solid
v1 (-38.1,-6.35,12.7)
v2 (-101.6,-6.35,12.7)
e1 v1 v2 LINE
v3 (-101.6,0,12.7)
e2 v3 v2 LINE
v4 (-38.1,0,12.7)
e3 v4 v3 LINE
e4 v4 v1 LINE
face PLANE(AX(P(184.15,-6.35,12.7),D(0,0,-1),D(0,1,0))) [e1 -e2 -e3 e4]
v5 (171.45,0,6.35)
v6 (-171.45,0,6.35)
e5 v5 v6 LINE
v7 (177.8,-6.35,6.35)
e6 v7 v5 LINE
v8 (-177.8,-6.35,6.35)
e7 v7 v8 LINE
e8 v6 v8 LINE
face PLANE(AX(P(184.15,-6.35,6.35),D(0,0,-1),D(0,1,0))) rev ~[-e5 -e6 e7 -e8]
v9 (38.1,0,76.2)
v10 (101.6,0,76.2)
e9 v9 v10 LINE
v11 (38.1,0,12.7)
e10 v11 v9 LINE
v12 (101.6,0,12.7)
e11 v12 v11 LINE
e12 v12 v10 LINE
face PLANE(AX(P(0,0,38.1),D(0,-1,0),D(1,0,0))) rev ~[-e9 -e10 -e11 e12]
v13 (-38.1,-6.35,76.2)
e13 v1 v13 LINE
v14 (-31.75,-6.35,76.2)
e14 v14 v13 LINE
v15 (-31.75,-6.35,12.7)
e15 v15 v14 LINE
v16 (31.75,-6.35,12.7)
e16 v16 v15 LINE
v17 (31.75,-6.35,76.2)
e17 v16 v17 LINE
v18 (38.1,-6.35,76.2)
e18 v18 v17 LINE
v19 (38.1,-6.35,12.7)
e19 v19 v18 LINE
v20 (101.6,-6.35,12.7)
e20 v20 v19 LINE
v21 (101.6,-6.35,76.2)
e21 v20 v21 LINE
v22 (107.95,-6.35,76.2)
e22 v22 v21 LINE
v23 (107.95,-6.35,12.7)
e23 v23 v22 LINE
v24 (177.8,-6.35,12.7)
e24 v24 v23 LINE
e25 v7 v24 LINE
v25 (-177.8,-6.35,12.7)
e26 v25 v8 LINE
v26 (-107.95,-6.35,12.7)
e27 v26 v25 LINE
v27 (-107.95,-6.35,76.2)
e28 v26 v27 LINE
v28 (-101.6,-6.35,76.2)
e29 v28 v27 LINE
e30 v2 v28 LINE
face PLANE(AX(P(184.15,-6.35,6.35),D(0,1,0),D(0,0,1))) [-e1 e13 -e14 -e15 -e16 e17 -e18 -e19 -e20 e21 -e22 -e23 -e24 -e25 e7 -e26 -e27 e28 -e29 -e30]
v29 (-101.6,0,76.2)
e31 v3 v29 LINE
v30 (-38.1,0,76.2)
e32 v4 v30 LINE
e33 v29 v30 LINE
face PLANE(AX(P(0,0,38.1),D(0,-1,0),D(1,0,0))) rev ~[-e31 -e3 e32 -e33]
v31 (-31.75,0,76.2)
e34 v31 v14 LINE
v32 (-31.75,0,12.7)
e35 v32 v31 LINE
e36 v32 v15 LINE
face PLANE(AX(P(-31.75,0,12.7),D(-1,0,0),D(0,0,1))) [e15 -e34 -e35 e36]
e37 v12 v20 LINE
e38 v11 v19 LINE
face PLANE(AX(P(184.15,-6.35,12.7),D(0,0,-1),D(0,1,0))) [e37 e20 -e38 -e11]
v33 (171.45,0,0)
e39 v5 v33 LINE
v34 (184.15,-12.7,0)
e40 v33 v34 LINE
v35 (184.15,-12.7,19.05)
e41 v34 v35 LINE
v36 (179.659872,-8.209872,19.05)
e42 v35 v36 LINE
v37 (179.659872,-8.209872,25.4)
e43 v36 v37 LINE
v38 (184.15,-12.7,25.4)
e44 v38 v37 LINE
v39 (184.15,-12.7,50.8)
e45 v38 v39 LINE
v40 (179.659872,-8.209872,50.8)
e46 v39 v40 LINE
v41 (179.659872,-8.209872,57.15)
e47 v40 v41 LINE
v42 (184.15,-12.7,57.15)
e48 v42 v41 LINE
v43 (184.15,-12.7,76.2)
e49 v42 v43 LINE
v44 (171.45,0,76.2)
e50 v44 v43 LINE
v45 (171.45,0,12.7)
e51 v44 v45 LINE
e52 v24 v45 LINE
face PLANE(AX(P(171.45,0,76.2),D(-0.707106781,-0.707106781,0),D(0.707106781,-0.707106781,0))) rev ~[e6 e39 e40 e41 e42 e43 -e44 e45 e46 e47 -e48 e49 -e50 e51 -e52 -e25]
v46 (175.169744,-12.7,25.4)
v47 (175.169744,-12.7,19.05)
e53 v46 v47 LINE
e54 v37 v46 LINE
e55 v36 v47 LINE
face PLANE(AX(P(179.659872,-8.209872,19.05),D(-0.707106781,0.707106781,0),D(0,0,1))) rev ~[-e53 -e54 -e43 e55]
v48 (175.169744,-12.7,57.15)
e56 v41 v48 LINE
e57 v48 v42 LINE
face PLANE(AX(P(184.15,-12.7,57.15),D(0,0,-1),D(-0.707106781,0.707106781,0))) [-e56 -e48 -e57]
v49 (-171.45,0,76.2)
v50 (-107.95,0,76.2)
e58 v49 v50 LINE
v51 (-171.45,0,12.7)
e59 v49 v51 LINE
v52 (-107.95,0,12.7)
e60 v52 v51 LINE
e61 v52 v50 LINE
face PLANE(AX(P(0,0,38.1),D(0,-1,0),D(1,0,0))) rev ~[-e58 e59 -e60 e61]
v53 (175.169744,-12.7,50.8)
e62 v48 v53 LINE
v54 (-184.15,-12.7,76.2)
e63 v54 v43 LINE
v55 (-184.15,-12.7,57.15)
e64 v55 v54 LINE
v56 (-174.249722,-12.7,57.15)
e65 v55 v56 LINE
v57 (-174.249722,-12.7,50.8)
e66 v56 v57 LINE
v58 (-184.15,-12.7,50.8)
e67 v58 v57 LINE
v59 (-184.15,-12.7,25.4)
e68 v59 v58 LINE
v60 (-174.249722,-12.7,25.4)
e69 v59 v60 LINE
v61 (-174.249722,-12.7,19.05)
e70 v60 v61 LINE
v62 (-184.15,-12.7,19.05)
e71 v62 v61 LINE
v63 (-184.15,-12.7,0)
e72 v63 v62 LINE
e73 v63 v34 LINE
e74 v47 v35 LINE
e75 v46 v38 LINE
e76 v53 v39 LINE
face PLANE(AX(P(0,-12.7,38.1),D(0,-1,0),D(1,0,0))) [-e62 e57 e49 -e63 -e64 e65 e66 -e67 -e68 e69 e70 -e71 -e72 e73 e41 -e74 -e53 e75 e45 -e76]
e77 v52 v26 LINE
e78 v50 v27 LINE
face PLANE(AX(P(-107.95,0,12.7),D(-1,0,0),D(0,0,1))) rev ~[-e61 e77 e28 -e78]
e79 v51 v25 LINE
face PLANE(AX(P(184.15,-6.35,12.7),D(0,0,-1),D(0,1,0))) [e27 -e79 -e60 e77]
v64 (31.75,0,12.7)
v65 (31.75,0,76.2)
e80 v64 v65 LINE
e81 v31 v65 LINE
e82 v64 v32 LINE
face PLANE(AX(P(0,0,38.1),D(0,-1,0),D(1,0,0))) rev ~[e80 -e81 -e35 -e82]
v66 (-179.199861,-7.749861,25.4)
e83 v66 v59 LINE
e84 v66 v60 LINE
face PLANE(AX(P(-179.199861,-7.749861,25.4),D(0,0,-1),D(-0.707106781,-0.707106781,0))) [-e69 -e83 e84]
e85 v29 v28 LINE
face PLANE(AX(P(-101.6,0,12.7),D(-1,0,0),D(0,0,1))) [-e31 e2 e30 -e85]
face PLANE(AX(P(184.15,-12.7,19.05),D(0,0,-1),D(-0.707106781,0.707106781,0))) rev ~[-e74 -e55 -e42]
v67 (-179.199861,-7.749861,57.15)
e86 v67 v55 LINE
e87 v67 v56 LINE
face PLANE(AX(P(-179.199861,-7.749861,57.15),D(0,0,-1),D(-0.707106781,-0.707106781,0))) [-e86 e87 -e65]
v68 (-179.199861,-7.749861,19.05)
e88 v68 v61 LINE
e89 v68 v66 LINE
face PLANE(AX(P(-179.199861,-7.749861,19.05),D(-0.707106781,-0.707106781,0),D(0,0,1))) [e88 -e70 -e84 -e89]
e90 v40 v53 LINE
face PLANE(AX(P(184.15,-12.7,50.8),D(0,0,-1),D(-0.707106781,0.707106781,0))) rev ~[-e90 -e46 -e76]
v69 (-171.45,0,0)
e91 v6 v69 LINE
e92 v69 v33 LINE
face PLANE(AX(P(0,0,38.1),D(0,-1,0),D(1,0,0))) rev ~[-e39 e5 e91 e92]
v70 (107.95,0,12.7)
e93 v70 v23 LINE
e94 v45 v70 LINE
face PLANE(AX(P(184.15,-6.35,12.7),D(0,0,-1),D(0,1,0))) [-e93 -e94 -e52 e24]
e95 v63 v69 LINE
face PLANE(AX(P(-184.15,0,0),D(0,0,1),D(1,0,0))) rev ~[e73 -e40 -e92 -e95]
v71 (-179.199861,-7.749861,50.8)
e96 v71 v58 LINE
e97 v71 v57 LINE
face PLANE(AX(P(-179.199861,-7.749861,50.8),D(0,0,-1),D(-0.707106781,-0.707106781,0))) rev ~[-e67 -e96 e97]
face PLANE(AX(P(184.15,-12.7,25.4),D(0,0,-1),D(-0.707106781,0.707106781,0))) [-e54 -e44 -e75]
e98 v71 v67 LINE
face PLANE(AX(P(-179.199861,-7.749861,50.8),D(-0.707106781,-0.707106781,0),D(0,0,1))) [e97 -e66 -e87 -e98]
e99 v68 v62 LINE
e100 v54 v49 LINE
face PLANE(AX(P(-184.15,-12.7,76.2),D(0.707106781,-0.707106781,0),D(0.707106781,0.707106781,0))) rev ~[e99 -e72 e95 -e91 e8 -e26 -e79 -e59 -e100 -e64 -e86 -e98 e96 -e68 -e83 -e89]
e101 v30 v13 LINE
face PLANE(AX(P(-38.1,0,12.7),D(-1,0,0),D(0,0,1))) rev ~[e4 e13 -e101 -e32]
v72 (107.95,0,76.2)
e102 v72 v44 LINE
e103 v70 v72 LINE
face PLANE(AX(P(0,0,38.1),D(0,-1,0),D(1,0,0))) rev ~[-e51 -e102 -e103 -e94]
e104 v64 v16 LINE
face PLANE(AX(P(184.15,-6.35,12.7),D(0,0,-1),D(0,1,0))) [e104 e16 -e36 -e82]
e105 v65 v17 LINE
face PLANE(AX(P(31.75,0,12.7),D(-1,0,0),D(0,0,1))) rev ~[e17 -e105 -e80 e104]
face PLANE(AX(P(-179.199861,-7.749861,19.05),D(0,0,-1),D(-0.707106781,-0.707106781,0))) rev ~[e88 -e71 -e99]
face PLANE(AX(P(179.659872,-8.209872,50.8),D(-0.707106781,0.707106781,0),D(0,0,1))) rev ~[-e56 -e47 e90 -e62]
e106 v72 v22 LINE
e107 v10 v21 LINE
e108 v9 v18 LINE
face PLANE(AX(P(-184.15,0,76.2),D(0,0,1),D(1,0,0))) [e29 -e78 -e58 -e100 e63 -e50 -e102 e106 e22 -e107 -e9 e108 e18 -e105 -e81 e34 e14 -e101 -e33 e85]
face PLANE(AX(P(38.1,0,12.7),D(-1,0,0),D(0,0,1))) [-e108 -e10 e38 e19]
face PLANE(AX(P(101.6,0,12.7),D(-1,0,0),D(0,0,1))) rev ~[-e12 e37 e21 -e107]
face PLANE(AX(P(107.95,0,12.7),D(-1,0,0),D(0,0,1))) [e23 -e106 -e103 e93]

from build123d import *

# Parameters (mm, degrees)
F0_W      = 368.3
F0_H      = 76.2
F1_DEPTH  = 12.7
F2_W      = 6.35
F2_H      = 6.35
F3_DEPTH  = 368.301
F5_DEPTH  = 76.201
F6_W      = 6.35
F6_H      = 63.5
F7_DEPTH  = 6.35
F8_W      = 7.000554
F8_H      = 6.35
F9_DEPTH  = 260.428428
F10_W     = 6.35
F10_H     = 6.35
F11_DEPTH = 260.428428


with BuildPart() as f1:
    # F0 (on Front) → F1 (new body)
    with BuildSketch(Plane.XZ):
        with Locations((0, 38.1)):
            Rectangle(F0_W, F0_H)
    extrude(amount=F1_DEPTH)

    # F2 (on face) → F3 (cut, through all)
    with BuildSketch(Plane.YZ.offset(184.15)):
        with Locations((-3.175, 9.525)):
            Rectangle(F2_W, F2_H)
    extrude(amount=-F3_DEPTH, mode=Mode.SUBTRACT)

    # F4 (on face) → F5 (cut, through all)
    with BuildSketch(Plane.XY.offset(76.2)):
        Polygon((-184.15, 0), (-184.15, -12.7), (-171.45, 0), align=None)
        Polygon((184.15, -12.7), (184.15, 0), (171.45, 0), align=None)
    extrude(amount=-F5_DEPTH, mode=Mode.SUBTRACT)

    # F6 (on face) → F7 (cut)
    with BuildSketch(Plane(origin=(0, 0, 0), x_dir=(-1, 0, 0), z_dir=(0, 1, 0))):
        with Locations((-104.775, 44.45)):
            Rectangle(F6_W, F6_H)
        with Locations((-34.925, 44.45)):
            Rectangle(F6_W, F6_H)
        with Locations((34.925, 44.45)):
            Rectangle(F6_W, F6_H)
        with Locations((104.775, 44.45)):
            Rectangle(F6_W, F6_H)
    extrude(amount=-F7_DEPTH, mode=Mode.SUBTRACT)

    # F8 (on face) → F9 (cut, through all)
    with BuildSketch(Plane(origin=(-85.725, 85.725, 0), x_dir=(-0.707107, -0.707107, 0), z_dir=(-0.707107, 0.707107, 0))):
        with Locations((135.693693, 53.975)):
            Rectangle(F8_W, F8_H)
        with Locations((135.693693, 22.225)):
            Rectangle(F8_W, F8_H)
    extrude(amount=-F9_DEPTH, mode=Mode.SUBTRACT)

    # F10 (on face) → F11 (cut, through all)
    with BuildSketch(Plane(origin=(85.725, 85.725, 0), x_dir=(-0.707107, 0.707107, 0), z_dir=(0.707107, 0.707107, 0))):
        with Locations((-136.01897, 53.975)):
            Rectangle(F10_W, F10_H)
        with Locations((-136.01897, 22.225)):
            Rectangle(F10_W, F10_H)
    extrude(amount=-F11_DEPTH, mode=Mode.SUBTRACT)


solid = f1.part
